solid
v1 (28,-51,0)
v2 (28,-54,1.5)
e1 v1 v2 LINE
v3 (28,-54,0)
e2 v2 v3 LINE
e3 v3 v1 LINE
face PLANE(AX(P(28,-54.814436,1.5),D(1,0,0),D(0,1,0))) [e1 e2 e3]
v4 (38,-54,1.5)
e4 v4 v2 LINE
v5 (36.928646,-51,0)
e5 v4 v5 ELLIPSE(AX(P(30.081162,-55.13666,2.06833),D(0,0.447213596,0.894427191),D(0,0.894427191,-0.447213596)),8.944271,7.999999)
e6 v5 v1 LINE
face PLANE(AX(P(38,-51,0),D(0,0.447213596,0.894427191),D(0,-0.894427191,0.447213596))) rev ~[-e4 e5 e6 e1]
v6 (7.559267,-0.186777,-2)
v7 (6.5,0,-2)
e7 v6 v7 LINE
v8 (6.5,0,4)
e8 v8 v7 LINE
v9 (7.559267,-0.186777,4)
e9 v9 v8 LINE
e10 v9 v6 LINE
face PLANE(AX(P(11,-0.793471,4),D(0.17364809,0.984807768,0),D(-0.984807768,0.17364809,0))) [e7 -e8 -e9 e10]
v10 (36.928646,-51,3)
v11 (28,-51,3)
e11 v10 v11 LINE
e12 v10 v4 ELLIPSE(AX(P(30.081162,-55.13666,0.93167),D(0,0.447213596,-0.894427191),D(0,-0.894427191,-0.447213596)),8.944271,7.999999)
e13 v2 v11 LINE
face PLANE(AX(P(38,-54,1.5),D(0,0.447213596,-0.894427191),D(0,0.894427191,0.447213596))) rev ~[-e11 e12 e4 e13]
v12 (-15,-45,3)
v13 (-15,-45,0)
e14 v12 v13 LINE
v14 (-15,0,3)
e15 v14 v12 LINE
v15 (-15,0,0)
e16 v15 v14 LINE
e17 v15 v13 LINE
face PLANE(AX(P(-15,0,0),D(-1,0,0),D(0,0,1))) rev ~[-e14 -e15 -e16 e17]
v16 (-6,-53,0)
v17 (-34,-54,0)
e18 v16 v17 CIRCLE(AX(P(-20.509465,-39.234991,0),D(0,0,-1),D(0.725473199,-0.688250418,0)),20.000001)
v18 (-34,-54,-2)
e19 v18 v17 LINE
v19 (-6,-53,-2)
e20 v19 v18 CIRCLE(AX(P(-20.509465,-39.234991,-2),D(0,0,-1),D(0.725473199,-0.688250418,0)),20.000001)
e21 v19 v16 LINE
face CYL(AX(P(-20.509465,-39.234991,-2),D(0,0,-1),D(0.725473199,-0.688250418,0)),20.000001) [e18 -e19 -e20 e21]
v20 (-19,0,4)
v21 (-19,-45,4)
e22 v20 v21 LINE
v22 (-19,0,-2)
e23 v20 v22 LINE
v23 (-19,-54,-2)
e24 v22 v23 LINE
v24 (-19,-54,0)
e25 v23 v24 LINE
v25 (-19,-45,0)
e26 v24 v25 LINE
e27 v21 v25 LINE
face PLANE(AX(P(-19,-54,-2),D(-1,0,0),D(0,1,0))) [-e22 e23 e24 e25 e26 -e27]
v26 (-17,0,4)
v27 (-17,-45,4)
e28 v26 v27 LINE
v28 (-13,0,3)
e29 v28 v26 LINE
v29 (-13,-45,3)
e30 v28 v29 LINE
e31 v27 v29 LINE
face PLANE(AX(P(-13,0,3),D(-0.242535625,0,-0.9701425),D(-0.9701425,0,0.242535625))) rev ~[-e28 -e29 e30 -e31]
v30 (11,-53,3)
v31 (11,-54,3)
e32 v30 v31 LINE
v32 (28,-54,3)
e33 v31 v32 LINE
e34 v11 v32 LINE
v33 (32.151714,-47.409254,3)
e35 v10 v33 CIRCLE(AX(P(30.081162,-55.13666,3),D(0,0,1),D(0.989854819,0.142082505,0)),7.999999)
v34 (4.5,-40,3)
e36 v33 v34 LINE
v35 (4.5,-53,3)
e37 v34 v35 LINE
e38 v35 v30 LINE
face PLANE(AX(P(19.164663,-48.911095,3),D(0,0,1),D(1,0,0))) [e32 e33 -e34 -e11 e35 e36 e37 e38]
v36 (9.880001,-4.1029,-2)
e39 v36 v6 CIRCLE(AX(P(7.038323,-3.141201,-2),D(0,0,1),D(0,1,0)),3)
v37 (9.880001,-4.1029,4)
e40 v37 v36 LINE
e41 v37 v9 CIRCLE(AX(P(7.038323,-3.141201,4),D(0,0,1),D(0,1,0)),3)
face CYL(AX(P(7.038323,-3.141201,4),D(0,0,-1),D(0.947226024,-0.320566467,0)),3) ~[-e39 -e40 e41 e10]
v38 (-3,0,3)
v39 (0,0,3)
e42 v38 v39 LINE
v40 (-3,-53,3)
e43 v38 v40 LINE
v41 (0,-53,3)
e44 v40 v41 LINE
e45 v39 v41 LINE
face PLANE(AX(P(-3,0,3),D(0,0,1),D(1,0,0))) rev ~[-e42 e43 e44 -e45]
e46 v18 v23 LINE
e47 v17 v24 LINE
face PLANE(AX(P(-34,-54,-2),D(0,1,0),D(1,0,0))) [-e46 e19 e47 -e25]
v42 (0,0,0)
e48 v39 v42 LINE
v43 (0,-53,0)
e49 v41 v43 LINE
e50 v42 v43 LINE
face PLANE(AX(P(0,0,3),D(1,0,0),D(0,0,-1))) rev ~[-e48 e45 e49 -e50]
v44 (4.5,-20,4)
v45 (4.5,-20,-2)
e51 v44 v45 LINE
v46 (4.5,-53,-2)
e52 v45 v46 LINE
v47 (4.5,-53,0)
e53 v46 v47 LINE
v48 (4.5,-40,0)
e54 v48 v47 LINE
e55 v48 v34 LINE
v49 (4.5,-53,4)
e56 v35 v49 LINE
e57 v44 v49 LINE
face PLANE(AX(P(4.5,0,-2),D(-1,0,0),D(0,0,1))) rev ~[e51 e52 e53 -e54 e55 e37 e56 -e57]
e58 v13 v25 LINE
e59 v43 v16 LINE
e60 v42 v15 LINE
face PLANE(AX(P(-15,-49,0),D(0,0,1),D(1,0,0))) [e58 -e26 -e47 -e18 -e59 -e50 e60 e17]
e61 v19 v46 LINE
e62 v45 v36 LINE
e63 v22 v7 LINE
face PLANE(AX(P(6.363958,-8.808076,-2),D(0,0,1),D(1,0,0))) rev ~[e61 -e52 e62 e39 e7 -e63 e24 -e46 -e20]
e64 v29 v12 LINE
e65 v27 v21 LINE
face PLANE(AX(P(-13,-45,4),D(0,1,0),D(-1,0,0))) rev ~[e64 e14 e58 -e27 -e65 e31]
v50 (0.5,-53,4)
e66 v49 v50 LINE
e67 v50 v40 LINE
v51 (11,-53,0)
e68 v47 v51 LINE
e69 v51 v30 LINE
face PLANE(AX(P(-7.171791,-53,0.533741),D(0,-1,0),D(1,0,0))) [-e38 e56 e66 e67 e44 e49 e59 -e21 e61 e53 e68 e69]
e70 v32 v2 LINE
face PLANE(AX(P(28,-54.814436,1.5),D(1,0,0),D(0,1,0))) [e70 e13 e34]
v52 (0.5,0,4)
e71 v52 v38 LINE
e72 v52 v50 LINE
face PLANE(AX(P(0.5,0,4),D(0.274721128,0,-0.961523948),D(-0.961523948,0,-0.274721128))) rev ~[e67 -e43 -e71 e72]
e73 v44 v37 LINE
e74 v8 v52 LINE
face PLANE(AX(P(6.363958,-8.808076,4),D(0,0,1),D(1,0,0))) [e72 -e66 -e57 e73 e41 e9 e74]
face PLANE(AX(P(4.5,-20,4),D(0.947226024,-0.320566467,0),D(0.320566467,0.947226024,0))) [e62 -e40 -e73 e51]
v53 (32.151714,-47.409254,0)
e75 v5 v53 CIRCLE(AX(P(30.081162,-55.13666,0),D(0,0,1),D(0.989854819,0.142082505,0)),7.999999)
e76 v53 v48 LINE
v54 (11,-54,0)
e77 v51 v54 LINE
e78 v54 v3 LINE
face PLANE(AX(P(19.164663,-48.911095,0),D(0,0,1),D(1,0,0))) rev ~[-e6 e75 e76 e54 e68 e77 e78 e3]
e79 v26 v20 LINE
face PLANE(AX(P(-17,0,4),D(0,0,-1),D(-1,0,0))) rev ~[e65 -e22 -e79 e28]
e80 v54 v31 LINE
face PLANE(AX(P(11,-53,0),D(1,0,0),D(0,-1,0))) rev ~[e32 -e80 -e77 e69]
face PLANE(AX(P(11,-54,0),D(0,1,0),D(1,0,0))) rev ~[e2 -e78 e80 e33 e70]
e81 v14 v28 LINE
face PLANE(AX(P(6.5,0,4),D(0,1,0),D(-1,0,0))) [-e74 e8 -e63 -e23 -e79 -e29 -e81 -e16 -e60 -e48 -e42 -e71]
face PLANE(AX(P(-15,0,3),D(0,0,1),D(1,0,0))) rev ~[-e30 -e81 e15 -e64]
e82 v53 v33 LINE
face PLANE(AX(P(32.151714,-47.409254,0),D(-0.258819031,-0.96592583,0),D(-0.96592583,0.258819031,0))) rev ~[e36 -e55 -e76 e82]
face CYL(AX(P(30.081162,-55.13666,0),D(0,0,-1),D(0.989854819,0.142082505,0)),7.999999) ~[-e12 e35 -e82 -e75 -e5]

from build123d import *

# Parameters (mm, degrees)
F1_DEPTH  = 53
F3_DEPTH  = 3
F6_DEPTH  = 10
F8_DEPTH  = 2
F9_W      = 4
F9_H      = 8
F9_W_2    = 2
F10_DEPTH = 4
F12_DEPTH = 6
F13_R     = 3


with BuildPart() as f1:
    # F0 (on Front) → F1 (new body)
    with BuildSketch(Plane.XZ):
        Polygon((0, 3), (0, 0), (-15, 0), (-15, 3), (-13, 3), (-17, 4), (-19, 4), (-19, -2), (4.5, -2), (4.5, 4), (0.5, 4), (-3, 3), align=None)
    extrude(amount=F1_DEPTH)

    # F2 (on Top) → F3 (join)
    with BuildSketch(Plane.XY):
        with BuildLine():
            Line((32.151714, -47.409254), (4.5, -40))
            Line((4.5, -40), (4.5, -53))
            Line((4.5, -53), (11, -53))
            Line((11, -53), (11, -54))
            Line((11, -54), (38, -54))
            ThreePointArc((38, -54), (36.065012, -49.826902), (32.151714, -47.409254))
        make_face()
    extrude(amount=F3_DEPTH)

    # F5 (on offset) → F6 (cut)
    with BuildSketch(Plane.YZ.offset(38)):
        Polygon((-59, 3), (-59, 0), (-51, 0), (-54, 1.5), (-51, 3), align=None)
    extrude(amount=-F6_DEPTH, mode=Mode.SUBTRACT)

    # F7 (on face) → F8 (join)
    with BuildSketch(Plane(origin=(0, 0, -2), x_dir=(1, 0, 0), z_dir=(0, 0, -1))):
        with BuildLine():
            Line((-19, 54), (-19, 53))
            Line((-19, 53), (-6, 53))
            ThreePointArc((-6, 53), (-19.795634, 59.222249), (-34, 54))
            Line((-34, 54), (-19, 54))
        make_face()
    extrude(amount=-F8_DEPTH)

    # F9 (on face) → F10 (cut)
    with BuildSketch(Plane.XY.offset(4)):
        with Locations((-15, -49)):
            Rectangle(F9_W, F9_H)
        with Locations((-18, -49)):
            Rectangle(F9_W_2, F9_H)
    extrude(amount=-F10_DEPTH, mode=Mode.SUBTRACT)

    # F11 (on face) → F12 (join)
    with BuildSketch(Plane.XY.offset(4)):
        Polygon((4.5, 0), (4.5, -20), (11, -0.793471), (6.5, 0), align=None)
    extrude(amount=-F12_DEPTH)

    # F13
    f13_edges = [f1.edges().sort_by_distance(p)[0] for p in [
        (11, -0.793471, 1),
    ]]
    fillet(f13_edges, radius=F13_R)


solid = f1.part
